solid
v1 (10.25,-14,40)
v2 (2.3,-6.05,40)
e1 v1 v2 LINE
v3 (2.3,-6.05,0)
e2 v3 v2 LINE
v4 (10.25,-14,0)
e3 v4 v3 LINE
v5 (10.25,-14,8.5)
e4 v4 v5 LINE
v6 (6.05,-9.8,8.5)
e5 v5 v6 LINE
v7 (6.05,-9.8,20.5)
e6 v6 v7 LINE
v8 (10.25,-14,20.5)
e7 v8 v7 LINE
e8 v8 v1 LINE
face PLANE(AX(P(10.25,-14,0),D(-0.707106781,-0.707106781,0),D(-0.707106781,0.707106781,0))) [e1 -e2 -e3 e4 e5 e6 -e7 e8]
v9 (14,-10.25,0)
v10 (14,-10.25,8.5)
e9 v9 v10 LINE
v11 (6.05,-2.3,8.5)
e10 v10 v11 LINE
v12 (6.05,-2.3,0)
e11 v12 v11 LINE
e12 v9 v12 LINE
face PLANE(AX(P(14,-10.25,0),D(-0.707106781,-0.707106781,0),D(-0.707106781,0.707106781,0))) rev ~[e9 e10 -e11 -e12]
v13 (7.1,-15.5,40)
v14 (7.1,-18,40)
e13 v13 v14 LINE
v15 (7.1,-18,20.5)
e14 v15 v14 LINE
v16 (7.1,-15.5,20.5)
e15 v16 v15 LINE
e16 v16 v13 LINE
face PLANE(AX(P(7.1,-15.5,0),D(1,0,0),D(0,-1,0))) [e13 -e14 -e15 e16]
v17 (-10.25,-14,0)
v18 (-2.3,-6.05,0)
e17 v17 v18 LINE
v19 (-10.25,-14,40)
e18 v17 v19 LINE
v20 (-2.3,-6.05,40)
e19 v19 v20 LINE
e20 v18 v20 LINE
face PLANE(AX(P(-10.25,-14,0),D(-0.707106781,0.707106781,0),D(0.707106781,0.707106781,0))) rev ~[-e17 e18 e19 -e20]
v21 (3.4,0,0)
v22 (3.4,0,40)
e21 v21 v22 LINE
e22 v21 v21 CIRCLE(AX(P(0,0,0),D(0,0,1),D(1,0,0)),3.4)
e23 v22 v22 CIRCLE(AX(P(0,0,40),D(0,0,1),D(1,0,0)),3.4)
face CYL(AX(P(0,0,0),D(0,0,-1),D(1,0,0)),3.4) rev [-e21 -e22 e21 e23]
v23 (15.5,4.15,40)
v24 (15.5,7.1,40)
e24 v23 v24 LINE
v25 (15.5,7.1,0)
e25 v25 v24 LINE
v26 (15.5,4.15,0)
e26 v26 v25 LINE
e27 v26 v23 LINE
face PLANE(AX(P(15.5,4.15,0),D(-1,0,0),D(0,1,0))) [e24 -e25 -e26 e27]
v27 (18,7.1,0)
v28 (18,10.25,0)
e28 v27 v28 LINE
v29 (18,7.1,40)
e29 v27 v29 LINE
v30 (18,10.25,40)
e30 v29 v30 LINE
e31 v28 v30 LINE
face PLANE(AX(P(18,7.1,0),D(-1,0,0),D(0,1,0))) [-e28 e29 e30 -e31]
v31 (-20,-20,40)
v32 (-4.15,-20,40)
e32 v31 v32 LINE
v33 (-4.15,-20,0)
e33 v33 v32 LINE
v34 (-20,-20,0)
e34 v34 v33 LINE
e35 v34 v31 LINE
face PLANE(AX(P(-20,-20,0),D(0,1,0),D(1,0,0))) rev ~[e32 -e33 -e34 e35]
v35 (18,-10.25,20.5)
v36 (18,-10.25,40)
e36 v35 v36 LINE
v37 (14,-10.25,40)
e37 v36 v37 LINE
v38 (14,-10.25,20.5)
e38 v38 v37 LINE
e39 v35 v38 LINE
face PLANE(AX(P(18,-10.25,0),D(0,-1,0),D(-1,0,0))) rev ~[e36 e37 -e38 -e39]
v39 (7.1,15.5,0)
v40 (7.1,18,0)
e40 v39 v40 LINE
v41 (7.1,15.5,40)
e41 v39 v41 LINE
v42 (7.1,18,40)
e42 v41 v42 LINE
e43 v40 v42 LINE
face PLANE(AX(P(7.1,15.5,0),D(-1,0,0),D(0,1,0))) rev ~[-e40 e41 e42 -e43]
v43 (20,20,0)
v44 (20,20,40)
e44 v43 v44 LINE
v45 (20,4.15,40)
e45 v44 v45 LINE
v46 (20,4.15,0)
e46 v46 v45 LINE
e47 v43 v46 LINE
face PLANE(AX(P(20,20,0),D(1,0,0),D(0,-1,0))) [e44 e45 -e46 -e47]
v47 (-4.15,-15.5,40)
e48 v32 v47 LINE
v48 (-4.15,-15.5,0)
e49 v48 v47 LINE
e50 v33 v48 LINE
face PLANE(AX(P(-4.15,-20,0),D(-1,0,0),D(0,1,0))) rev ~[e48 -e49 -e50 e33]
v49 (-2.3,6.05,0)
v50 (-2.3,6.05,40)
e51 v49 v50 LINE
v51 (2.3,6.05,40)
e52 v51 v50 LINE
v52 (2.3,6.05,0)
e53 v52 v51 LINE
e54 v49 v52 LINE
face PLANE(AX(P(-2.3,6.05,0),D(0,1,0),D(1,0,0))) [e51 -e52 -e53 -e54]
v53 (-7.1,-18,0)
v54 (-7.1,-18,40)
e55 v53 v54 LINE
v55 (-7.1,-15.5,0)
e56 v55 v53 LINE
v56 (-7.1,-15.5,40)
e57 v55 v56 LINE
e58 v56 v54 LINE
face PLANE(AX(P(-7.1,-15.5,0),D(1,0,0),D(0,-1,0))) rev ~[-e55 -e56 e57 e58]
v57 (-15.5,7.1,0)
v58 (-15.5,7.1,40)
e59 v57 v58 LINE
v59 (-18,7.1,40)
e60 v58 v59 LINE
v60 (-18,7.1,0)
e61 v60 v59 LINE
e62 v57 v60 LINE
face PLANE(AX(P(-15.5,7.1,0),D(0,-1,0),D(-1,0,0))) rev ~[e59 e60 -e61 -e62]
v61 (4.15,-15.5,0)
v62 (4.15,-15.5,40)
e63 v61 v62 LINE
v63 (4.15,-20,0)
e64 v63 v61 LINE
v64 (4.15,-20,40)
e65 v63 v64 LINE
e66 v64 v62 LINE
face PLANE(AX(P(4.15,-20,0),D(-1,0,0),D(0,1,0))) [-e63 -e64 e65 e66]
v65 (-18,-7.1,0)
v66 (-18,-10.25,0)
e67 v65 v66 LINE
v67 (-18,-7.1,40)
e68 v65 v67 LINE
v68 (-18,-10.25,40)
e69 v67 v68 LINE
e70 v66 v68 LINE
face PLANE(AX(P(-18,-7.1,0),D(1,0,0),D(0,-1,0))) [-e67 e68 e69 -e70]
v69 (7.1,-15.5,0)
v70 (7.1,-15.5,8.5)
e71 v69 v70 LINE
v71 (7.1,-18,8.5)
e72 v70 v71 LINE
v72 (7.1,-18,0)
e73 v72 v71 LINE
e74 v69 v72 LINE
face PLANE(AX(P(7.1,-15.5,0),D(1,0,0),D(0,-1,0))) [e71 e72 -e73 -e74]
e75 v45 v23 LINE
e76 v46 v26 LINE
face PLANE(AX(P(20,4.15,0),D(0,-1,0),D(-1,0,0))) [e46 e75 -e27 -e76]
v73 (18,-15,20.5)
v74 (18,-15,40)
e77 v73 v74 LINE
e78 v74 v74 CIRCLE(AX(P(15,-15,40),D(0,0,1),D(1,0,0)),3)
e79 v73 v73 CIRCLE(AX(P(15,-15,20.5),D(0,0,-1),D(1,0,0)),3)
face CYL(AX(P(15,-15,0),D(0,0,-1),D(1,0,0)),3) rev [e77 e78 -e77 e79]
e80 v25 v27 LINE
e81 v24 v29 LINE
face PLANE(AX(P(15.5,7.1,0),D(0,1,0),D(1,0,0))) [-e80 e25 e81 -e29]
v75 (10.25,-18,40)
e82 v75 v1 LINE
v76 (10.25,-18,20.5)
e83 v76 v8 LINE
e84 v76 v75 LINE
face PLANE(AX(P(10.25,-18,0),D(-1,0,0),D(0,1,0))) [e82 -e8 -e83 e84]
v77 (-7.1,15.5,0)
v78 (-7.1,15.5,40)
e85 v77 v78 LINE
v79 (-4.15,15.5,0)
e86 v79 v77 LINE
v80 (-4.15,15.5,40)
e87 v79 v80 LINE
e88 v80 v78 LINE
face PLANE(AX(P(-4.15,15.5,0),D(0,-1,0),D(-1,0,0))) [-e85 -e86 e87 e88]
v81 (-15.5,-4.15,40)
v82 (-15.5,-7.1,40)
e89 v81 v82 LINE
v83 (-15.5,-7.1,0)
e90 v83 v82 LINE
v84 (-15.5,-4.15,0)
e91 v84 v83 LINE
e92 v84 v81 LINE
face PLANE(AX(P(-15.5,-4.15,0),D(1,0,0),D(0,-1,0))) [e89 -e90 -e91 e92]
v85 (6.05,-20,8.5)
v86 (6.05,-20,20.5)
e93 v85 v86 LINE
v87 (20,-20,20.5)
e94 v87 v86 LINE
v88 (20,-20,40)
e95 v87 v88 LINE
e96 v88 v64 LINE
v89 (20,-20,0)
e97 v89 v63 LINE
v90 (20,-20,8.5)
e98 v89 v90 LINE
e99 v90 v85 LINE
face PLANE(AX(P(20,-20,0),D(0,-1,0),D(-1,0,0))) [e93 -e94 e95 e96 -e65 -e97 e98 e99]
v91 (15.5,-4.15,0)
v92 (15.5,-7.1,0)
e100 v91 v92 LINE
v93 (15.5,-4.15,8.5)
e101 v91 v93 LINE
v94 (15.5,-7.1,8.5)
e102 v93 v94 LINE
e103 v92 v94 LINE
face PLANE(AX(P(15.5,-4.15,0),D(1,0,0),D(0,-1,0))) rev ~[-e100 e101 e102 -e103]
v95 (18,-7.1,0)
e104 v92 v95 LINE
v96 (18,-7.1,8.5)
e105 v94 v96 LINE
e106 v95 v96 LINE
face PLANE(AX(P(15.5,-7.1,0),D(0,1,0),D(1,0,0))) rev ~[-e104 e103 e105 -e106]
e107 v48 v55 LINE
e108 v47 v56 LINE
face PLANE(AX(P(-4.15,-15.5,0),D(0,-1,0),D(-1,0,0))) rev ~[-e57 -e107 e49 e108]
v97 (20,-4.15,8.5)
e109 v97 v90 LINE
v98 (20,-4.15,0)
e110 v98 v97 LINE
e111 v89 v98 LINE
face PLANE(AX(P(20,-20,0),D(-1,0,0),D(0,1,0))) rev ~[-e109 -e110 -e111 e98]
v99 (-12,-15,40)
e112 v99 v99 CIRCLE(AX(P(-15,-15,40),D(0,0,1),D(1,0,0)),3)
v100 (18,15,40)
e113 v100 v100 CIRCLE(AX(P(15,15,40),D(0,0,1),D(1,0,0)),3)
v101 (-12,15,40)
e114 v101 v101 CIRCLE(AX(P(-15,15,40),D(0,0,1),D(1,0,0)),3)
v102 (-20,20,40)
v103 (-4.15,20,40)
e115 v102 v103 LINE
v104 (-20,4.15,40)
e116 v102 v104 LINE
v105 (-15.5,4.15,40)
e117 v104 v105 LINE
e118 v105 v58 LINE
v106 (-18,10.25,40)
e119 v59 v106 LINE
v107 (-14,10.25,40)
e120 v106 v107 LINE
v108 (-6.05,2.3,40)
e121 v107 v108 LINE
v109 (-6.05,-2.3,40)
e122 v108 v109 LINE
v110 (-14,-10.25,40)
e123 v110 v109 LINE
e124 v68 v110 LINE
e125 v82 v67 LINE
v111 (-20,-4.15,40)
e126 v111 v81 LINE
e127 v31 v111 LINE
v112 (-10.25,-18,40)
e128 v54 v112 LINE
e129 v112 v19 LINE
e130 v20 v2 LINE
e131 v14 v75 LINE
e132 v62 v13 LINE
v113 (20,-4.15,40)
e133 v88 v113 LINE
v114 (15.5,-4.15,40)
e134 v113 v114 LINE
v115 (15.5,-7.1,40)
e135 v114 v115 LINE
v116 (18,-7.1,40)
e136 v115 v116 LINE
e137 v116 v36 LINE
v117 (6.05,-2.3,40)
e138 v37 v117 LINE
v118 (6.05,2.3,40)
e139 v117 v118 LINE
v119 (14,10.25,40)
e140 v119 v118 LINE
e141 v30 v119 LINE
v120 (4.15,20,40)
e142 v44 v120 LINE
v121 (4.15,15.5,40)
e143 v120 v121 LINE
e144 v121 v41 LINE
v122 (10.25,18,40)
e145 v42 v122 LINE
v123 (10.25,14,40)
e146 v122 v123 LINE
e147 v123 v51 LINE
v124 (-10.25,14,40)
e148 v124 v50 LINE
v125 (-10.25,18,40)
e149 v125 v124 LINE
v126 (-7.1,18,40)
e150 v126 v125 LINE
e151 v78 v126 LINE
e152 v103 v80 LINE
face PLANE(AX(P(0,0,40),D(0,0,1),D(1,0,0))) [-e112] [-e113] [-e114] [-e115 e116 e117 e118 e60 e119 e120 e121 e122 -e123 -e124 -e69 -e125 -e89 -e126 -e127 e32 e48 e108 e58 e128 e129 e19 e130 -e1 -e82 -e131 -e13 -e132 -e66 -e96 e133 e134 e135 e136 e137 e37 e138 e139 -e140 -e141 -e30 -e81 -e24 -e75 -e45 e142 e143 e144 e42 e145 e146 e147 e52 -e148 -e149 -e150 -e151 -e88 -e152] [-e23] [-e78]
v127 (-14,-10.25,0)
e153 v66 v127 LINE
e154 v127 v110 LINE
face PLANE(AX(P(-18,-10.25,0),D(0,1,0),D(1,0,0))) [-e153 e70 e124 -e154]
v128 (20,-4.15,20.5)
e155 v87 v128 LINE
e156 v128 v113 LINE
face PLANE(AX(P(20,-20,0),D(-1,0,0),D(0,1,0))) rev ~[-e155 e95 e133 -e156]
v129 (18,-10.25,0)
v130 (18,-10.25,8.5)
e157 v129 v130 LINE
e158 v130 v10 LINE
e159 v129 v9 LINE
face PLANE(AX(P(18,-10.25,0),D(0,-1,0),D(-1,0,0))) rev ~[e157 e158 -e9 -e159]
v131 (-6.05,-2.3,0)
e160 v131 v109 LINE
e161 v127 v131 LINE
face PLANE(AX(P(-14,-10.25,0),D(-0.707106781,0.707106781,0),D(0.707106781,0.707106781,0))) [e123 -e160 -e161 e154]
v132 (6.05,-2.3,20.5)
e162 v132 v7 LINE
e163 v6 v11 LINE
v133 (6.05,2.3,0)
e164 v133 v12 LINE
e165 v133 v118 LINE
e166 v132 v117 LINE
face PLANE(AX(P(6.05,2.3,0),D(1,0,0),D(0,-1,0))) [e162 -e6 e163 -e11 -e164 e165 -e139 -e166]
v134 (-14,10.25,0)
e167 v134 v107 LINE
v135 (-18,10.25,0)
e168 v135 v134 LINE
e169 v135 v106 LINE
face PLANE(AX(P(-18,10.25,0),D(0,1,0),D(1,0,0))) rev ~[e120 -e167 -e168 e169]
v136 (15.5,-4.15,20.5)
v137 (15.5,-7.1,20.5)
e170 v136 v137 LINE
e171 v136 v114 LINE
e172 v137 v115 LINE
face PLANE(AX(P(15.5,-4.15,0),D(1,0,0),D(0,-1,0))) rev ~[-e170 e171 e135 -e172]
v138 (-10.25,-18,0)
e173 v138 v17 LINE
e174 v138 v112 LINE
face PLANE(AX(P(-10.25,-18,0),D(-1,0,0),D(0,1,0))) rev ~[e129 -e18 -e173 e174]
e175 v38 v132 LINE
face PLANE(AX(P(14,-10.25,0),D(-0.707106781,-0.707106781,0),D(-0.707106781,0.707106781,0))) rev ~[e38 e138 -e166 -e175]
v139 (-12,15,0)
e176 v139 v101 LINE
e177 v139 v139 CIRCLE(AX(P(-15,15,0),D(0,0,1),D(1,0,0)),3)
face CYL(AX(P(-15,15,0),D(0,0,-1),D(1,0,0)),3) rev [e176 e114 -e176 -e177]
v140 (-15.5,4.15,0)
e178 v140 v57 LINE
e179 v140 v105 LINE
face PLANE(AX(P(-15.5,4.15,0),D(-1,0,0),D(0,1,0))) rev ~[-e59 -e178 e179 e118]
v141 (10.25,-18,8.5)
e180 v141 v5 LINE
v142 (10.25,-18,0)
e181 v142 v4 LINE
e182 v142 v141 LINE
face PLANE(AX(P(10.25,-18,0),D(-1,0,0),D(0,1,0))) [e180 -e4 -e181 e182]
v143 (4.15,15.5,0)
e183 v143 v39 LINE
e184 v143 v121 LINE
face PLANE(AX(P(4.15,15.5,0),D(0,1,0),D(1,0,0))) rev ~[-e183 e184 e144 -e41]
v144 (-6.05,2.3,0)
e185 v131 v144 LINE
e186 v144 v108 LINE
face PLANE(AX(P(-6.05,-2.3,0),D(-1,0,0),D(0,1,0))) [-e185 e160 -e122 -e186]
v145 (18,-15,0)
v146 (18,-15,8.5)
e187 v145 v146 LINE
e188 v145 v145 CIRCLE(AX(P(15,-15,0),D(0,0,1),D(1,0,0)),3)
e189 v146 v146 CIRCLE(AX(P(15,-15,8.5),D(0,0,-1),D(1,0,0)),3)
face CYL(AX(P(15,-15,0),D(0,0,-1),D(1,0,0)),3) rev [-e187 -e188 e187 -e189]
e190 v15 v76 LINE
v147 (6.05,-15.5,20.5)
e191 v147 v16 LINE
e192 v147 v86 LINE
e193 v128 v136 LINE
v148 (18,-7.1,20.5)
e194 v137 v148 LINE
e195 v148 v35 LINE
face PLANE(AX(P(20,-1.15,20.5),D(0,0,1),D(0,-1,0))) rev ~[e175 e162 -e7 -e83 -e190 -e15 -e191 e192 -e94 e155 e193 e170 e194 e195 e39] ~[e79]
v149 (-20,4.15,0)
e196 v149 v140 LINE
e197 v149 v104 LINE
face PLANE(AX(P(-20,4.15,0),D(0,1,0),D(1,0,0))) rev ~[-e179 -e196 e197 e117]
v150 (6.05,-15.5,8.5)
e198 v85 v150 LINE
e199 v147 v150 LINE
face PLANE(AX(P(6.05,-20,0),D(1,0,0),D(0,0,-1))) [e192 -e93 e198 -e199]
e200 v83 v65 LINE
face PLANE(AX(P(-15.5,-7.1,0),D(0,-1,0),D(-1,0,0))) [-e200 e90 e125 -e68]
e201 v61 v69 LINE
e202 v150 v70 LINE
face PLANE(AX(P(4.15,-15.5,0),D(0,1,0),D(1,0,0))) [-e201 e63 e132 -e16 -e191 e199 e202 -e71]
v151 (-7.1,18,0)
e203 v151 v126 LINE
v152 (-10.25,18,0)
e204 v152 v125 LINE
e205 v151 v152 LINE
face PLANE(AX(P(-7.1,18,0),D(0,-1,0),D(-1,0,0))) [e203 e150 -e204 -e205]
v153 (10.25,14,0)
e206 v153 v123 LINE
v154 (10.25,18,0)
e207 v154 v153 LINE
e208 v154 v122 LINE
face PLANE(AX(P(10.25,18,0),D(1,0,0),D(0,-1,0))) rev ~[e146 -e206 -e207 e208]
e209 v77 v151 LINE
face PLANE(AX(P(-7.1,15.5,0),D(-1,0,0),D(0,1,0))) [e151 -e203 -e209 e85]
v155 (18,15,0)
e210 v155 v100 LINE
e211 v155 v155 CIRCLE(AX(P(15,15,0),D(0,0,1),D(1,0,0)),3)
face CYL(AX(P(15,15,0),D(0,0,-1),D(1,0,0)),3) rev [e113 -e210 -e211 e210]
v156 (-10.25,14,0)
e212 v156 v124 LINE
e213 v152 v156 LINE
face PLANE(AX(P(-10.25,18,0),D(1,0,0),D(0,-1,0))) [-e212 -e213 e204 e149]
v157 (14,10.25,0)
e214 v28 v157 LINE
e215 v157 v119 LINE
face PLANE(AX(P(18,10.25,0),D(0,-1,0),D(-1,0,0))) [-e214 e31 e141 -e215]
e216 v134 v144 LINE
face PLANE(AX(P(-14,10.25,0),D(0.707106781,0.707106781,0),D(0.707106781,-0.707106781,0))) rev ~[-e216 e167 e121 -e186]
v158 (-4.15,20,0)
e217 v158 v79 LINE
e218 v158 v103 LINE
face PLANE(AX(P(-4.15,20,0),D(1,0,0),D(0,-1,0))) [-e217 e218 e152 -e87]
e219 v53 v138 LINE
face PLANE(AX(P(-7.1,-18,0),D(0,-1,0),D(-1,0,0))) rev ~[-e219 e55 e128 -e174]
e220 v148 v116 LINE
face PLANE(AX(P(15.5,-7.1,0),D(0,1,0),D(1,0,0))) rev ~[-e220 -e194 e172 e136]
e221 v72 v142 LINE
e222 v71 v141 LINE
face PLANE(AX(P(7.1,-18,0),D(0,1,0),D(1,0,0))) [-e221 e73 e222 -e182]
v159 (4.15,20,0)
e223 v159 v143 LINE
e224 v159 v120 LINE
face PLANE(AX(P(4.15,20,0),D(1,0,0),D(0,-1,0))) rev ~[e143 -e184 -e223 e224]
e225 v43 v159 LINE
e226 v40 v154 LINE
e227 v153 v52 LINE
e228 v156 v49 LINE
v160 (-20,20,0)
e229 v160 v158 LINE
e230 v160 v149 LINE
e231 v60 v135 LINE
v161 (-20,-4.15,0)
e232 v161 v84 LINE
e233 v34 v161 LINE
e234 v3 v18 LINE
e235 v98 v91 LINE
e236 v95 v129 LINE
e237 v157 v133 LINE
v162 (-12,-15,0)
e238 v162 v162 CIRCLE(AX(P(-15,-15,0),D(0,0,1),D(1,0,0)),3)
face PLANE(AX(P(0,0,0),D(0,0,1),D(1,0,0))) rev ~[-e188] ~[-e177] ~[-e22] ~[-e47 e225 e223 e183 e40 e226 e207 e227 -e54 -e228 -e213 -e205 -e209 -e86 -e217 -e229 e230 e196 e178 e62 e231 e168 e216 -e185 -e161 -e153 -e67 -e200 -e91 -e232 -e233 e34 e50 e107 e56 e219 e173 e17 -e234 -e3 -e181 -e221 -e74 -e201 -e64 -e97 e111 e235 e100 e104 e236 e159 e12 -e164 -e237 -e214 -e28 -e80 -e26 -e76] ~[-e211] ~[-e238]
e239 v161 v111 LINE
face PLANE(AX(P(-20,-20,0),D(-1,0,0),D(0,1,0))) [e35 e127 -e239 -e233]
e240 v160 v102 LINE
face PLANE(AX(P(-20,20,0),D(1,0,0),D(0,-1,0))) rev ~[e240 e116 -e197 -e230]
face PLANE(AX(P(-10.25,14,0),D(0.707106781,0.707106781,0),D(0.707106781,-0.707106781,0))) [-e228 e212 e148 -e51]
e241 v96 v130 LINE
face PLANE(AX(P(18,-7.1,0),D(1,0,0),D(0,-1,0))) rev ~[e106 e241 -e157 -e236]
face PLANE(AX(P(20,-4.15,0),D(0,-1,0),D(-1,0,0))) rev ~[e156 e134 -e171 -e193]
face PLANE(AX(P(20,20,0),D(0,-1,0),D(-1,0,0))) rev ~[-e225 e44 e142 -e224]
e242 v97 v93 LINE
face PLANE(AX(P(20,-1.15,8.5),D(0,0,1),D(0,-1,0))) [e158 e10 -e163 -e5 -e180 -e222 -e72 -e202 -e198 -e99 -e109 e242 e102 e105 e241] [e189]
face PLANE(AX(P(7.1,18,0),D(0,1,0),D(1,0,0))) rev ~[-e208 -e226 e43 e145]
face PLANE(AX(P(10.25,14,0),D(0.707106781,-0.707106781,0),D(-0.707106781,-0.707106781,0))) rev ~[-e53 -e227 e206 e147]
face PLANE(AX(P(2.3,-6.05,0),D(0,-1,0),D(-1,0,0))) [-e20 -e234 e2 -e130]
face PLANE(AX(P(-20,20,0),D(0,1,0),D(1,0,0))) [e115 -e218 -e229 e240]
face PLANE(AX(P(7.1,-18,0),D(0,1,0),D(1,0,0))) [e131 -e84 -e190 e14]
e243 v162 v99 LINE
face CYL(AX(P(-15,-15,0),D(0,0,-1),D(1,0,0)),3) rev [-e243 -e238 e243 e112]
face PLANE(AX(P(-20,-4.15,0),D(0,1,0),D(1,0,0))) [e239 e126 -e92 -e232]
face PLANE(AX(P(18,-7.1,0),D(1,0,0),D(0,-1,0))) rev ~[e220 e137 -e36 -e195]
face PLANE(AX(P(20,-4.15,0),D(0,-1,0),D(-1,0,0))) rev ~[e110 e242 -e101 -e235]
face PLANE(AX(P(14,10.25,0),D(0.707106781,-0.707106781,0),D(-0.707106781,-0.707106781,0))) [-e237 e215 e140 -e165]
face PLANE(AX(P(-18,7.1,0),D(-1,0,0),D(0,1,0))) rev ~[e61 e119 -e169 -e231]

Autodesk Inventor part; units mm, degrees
ref_plane "YZ Plane" through (0, 0, 0) normal (1, 0, 0) x (0, 1, 0)
ref_plane "XZ Plane" through (0, 0, 0) normal (0, 1, 0) x (-1, 0, 0)
ref_plane "XY Plane" through (0, 0, 0) normal (0, 0, 1) x (1, 0, 0)
sketch "Sketch1" plane through (0, 0, 0) normal (0, 0, 1) x (1, 0, 0)
  circle A0 centre (0, 0) radius 3.4
  line L0 (0, 0) -> (20, 20) construction
  line L1 (0, 0) -> (28.2843, 0) construction
  line L2 (20, 20) -> (4.15, 20)
  line L3 (4.15, 20) -> (4.15, 15.5)
  line L4 (4.15, 15.5) -> (7.1, 15.5)
  line L5 (7.1, 15.5) -> (7.1, 18)
  line L6 (7.1, 18) -> (10.25, 18)
  line L7 (10.25, 18) -> (10.25, 14)
  line L8 (0, 0) -> (0, 26.1056) construction
  line L9 (10.25, 14) -> (2.3, 6.05)
  line L10 (2.3, 6.05) -> (0, 6.05)
  circle A1 centre (15, 15) radius 3
  line L11 (20, 20) -> (20, 4.15)
  line L12 (20, 4.15) -> (15.5, 4.15)
  line L13 (15.5, 4.15) -> (15.5, 7.1)
  line L14 (15.5, 7.1) -> (18, 7.1)
  line L15 (18, 7.1) -> (18, 10.25)
  line L16 (18, 10.25) -> (14, 10.25)
  line L17 (14, 10.25) -> (6.05, 2.3)
  line L18 (6.05, 2.3) -> (6.05, 0)
  line L19 (-2.3, 6.05) -> (0, 6.05)
  line L20 (-10.25, 14) -> (-2.3, 6.05)
  line L21 (-10.25, 18) -> (-10.25, 14)
  line L22 (-4.15, 15.5) -> (-7.1, 15.5)
  line L23 (-7.1, 15.5) -> (-7.1, 18)
  line L24 (-7.1, 18) -> (-10.25, 18)
  line L25 (-4.15, 20) -> (-4.15, 15.5)
  line L26 (-20, 20) -> (-4.15, 20)
  circle A2 centre (-15, 15) radius 3
  line L27 (-20, 20) -> (-20, 4.15)
  line L28 (-14, 10.25) -> (-6.05, 2.3)
  line L29 (-18, 7.1) -> (-18, 10.25)
  line L30 (-18, 10.25) -> (-14, 10.25)
  line L31 (-20, 4.15) -> (-15.5, 4.15)
  line L32 (-15.5, 4.15) -> (-15.5, 7.1)
  line L33 (-15.5, 7.1) -> (-18, 7.1)
  line L34 (-6.05, 2.3) -> (-6.05, 0)
  line L35 (-6.05, -2.3) -> (-6.05, 0)
  line L36 (-14, -10.25) -> (-6.05, -2.3)
  line L37 (-18, -10.25) -> (-14, -10.25)
  line L38 (-15.5, -4.15) -> (-15.5, -7.1)
  line L39 (-15.5, -7.1) -> (-18, -7.1)
  line L40 (-18, -7.1) -> (-18, -10.25)
  line L41 (-20, -4.15) -> (-15.5, -4.15)
  line L42 (-20, -20) -> (-20, -4.15)
  circle A3 centre (-15, -15) radius 3
  line L43 (-20, -20) -> (-4.15, -20)
  line L44 (-10.25, -14) -> (-2.3, -6.05)
  line L45 (-7.1, -18) -> (-10.25, -18)
  line L46 (-10.25, -18) -> (-10.25, -14)
  line L47 (-4.15, -20) -> (-4.15, -15.5)
  line L48 (-4.15, -15.5) -> (-7.1, -15.5)
  line L49 (-7.1, -15.5) -> (-7.1, -18)
  line L50 (-2.3, -6.05) -> (0, -6.05)
  line L51 (2.3, -6.05) -> (0, -6.05)
  line L52 (10.25, -14) -> (2.3, -6.05)
  line L53 (10.25, -18) -> (10.25, -14)
  line L54 (4.15, -15.5) -> (7.1, -15.5)
  line L55 (7.1, -15.5) -> (7.1, -18)
  line L56 (7.1, -18) -> (10.25, -18)
  line L57 (4.15, -20) -> (4.15, -15.5)
  line L58 (20, -20) -> (4.15, -20)
  circle A4 centre (15, -15) radius 3
  line L59 (20, -20) -> (20, -4.15)
  line L60 (14, -10.25) -> (6.05, -2.3)
  line L61 (18, -7.1) -> (18, -10.25)
  line L62 (18, -10.25) -> (14, -10.25)
  line L63 (20, -4.15) -> (15.5, -4.15)
  line L64 (15.5, -4.15) -> (15.5, -7.1)
  line L65 (15.5, -7.1) -> (18, -7.1)
  line L66 (6.05, -2.3) -> (6.05, 0)
  point P0 (0, 6.05)
  point P1 (-6.05, 0)
  point P2 (0, -6.05)
  dimension "d0" = 6.8
  dimension "d1" = 45
  dimension "d2" = 20
  dimension "d3" = 6
  dimension "d4" = 15
  dimension "d5" = 10.25
  dimension "d6" = 7.1
  dimension "d7" = 4.15
  dimension "d8" = 4.5
  dimension "d9" = 2
  dimension "d10" = 13.95
  dimension "d11" = 6
  dimension "d14" = 360
extrude "Extrusion1" add sketch "Sketch1" along normal blind 40
sketch "Sketch3" plane through (20, -20, 0) normal (1, 0, 0) x (0, 0, -1)
  line L0 (-14.5, 15.85) -> (-14.5, 0) construction
  line L1 (-20.5, 18.85) -> (-20.5, -3)
  line L2 (-8.5, 18.85) -> (-8.5, -3)
  line L3 (0, 15.85) -> (-40, 15.85) projected
  line L4 (0, 0) -> (-40, 0) projected
  line L5 (0, 0) -> (0, 15.85) projected
  line L6 (-20.5, 18.85) -> (-8.5, 18.85)
  line L7 (-20.5, -3) -> (-8.5, -3)
  point P0 (0, 20)
  dimension "d22" = 14.5
  dimension "d23" = 12
  dimension "d24" = 3
  dimension "d25" = 3
extrude "Extrusion3" cut sketch "Sketch3" against normal up to surface (13.95 mm away) contours L6 L2 L3 L1 | L3 L2 L4 L1 | L4 L2 L7 L1
properties part number "Aluminum_Profile_4040_40.10mm_left" material "Aluminum 6061-AHC"
